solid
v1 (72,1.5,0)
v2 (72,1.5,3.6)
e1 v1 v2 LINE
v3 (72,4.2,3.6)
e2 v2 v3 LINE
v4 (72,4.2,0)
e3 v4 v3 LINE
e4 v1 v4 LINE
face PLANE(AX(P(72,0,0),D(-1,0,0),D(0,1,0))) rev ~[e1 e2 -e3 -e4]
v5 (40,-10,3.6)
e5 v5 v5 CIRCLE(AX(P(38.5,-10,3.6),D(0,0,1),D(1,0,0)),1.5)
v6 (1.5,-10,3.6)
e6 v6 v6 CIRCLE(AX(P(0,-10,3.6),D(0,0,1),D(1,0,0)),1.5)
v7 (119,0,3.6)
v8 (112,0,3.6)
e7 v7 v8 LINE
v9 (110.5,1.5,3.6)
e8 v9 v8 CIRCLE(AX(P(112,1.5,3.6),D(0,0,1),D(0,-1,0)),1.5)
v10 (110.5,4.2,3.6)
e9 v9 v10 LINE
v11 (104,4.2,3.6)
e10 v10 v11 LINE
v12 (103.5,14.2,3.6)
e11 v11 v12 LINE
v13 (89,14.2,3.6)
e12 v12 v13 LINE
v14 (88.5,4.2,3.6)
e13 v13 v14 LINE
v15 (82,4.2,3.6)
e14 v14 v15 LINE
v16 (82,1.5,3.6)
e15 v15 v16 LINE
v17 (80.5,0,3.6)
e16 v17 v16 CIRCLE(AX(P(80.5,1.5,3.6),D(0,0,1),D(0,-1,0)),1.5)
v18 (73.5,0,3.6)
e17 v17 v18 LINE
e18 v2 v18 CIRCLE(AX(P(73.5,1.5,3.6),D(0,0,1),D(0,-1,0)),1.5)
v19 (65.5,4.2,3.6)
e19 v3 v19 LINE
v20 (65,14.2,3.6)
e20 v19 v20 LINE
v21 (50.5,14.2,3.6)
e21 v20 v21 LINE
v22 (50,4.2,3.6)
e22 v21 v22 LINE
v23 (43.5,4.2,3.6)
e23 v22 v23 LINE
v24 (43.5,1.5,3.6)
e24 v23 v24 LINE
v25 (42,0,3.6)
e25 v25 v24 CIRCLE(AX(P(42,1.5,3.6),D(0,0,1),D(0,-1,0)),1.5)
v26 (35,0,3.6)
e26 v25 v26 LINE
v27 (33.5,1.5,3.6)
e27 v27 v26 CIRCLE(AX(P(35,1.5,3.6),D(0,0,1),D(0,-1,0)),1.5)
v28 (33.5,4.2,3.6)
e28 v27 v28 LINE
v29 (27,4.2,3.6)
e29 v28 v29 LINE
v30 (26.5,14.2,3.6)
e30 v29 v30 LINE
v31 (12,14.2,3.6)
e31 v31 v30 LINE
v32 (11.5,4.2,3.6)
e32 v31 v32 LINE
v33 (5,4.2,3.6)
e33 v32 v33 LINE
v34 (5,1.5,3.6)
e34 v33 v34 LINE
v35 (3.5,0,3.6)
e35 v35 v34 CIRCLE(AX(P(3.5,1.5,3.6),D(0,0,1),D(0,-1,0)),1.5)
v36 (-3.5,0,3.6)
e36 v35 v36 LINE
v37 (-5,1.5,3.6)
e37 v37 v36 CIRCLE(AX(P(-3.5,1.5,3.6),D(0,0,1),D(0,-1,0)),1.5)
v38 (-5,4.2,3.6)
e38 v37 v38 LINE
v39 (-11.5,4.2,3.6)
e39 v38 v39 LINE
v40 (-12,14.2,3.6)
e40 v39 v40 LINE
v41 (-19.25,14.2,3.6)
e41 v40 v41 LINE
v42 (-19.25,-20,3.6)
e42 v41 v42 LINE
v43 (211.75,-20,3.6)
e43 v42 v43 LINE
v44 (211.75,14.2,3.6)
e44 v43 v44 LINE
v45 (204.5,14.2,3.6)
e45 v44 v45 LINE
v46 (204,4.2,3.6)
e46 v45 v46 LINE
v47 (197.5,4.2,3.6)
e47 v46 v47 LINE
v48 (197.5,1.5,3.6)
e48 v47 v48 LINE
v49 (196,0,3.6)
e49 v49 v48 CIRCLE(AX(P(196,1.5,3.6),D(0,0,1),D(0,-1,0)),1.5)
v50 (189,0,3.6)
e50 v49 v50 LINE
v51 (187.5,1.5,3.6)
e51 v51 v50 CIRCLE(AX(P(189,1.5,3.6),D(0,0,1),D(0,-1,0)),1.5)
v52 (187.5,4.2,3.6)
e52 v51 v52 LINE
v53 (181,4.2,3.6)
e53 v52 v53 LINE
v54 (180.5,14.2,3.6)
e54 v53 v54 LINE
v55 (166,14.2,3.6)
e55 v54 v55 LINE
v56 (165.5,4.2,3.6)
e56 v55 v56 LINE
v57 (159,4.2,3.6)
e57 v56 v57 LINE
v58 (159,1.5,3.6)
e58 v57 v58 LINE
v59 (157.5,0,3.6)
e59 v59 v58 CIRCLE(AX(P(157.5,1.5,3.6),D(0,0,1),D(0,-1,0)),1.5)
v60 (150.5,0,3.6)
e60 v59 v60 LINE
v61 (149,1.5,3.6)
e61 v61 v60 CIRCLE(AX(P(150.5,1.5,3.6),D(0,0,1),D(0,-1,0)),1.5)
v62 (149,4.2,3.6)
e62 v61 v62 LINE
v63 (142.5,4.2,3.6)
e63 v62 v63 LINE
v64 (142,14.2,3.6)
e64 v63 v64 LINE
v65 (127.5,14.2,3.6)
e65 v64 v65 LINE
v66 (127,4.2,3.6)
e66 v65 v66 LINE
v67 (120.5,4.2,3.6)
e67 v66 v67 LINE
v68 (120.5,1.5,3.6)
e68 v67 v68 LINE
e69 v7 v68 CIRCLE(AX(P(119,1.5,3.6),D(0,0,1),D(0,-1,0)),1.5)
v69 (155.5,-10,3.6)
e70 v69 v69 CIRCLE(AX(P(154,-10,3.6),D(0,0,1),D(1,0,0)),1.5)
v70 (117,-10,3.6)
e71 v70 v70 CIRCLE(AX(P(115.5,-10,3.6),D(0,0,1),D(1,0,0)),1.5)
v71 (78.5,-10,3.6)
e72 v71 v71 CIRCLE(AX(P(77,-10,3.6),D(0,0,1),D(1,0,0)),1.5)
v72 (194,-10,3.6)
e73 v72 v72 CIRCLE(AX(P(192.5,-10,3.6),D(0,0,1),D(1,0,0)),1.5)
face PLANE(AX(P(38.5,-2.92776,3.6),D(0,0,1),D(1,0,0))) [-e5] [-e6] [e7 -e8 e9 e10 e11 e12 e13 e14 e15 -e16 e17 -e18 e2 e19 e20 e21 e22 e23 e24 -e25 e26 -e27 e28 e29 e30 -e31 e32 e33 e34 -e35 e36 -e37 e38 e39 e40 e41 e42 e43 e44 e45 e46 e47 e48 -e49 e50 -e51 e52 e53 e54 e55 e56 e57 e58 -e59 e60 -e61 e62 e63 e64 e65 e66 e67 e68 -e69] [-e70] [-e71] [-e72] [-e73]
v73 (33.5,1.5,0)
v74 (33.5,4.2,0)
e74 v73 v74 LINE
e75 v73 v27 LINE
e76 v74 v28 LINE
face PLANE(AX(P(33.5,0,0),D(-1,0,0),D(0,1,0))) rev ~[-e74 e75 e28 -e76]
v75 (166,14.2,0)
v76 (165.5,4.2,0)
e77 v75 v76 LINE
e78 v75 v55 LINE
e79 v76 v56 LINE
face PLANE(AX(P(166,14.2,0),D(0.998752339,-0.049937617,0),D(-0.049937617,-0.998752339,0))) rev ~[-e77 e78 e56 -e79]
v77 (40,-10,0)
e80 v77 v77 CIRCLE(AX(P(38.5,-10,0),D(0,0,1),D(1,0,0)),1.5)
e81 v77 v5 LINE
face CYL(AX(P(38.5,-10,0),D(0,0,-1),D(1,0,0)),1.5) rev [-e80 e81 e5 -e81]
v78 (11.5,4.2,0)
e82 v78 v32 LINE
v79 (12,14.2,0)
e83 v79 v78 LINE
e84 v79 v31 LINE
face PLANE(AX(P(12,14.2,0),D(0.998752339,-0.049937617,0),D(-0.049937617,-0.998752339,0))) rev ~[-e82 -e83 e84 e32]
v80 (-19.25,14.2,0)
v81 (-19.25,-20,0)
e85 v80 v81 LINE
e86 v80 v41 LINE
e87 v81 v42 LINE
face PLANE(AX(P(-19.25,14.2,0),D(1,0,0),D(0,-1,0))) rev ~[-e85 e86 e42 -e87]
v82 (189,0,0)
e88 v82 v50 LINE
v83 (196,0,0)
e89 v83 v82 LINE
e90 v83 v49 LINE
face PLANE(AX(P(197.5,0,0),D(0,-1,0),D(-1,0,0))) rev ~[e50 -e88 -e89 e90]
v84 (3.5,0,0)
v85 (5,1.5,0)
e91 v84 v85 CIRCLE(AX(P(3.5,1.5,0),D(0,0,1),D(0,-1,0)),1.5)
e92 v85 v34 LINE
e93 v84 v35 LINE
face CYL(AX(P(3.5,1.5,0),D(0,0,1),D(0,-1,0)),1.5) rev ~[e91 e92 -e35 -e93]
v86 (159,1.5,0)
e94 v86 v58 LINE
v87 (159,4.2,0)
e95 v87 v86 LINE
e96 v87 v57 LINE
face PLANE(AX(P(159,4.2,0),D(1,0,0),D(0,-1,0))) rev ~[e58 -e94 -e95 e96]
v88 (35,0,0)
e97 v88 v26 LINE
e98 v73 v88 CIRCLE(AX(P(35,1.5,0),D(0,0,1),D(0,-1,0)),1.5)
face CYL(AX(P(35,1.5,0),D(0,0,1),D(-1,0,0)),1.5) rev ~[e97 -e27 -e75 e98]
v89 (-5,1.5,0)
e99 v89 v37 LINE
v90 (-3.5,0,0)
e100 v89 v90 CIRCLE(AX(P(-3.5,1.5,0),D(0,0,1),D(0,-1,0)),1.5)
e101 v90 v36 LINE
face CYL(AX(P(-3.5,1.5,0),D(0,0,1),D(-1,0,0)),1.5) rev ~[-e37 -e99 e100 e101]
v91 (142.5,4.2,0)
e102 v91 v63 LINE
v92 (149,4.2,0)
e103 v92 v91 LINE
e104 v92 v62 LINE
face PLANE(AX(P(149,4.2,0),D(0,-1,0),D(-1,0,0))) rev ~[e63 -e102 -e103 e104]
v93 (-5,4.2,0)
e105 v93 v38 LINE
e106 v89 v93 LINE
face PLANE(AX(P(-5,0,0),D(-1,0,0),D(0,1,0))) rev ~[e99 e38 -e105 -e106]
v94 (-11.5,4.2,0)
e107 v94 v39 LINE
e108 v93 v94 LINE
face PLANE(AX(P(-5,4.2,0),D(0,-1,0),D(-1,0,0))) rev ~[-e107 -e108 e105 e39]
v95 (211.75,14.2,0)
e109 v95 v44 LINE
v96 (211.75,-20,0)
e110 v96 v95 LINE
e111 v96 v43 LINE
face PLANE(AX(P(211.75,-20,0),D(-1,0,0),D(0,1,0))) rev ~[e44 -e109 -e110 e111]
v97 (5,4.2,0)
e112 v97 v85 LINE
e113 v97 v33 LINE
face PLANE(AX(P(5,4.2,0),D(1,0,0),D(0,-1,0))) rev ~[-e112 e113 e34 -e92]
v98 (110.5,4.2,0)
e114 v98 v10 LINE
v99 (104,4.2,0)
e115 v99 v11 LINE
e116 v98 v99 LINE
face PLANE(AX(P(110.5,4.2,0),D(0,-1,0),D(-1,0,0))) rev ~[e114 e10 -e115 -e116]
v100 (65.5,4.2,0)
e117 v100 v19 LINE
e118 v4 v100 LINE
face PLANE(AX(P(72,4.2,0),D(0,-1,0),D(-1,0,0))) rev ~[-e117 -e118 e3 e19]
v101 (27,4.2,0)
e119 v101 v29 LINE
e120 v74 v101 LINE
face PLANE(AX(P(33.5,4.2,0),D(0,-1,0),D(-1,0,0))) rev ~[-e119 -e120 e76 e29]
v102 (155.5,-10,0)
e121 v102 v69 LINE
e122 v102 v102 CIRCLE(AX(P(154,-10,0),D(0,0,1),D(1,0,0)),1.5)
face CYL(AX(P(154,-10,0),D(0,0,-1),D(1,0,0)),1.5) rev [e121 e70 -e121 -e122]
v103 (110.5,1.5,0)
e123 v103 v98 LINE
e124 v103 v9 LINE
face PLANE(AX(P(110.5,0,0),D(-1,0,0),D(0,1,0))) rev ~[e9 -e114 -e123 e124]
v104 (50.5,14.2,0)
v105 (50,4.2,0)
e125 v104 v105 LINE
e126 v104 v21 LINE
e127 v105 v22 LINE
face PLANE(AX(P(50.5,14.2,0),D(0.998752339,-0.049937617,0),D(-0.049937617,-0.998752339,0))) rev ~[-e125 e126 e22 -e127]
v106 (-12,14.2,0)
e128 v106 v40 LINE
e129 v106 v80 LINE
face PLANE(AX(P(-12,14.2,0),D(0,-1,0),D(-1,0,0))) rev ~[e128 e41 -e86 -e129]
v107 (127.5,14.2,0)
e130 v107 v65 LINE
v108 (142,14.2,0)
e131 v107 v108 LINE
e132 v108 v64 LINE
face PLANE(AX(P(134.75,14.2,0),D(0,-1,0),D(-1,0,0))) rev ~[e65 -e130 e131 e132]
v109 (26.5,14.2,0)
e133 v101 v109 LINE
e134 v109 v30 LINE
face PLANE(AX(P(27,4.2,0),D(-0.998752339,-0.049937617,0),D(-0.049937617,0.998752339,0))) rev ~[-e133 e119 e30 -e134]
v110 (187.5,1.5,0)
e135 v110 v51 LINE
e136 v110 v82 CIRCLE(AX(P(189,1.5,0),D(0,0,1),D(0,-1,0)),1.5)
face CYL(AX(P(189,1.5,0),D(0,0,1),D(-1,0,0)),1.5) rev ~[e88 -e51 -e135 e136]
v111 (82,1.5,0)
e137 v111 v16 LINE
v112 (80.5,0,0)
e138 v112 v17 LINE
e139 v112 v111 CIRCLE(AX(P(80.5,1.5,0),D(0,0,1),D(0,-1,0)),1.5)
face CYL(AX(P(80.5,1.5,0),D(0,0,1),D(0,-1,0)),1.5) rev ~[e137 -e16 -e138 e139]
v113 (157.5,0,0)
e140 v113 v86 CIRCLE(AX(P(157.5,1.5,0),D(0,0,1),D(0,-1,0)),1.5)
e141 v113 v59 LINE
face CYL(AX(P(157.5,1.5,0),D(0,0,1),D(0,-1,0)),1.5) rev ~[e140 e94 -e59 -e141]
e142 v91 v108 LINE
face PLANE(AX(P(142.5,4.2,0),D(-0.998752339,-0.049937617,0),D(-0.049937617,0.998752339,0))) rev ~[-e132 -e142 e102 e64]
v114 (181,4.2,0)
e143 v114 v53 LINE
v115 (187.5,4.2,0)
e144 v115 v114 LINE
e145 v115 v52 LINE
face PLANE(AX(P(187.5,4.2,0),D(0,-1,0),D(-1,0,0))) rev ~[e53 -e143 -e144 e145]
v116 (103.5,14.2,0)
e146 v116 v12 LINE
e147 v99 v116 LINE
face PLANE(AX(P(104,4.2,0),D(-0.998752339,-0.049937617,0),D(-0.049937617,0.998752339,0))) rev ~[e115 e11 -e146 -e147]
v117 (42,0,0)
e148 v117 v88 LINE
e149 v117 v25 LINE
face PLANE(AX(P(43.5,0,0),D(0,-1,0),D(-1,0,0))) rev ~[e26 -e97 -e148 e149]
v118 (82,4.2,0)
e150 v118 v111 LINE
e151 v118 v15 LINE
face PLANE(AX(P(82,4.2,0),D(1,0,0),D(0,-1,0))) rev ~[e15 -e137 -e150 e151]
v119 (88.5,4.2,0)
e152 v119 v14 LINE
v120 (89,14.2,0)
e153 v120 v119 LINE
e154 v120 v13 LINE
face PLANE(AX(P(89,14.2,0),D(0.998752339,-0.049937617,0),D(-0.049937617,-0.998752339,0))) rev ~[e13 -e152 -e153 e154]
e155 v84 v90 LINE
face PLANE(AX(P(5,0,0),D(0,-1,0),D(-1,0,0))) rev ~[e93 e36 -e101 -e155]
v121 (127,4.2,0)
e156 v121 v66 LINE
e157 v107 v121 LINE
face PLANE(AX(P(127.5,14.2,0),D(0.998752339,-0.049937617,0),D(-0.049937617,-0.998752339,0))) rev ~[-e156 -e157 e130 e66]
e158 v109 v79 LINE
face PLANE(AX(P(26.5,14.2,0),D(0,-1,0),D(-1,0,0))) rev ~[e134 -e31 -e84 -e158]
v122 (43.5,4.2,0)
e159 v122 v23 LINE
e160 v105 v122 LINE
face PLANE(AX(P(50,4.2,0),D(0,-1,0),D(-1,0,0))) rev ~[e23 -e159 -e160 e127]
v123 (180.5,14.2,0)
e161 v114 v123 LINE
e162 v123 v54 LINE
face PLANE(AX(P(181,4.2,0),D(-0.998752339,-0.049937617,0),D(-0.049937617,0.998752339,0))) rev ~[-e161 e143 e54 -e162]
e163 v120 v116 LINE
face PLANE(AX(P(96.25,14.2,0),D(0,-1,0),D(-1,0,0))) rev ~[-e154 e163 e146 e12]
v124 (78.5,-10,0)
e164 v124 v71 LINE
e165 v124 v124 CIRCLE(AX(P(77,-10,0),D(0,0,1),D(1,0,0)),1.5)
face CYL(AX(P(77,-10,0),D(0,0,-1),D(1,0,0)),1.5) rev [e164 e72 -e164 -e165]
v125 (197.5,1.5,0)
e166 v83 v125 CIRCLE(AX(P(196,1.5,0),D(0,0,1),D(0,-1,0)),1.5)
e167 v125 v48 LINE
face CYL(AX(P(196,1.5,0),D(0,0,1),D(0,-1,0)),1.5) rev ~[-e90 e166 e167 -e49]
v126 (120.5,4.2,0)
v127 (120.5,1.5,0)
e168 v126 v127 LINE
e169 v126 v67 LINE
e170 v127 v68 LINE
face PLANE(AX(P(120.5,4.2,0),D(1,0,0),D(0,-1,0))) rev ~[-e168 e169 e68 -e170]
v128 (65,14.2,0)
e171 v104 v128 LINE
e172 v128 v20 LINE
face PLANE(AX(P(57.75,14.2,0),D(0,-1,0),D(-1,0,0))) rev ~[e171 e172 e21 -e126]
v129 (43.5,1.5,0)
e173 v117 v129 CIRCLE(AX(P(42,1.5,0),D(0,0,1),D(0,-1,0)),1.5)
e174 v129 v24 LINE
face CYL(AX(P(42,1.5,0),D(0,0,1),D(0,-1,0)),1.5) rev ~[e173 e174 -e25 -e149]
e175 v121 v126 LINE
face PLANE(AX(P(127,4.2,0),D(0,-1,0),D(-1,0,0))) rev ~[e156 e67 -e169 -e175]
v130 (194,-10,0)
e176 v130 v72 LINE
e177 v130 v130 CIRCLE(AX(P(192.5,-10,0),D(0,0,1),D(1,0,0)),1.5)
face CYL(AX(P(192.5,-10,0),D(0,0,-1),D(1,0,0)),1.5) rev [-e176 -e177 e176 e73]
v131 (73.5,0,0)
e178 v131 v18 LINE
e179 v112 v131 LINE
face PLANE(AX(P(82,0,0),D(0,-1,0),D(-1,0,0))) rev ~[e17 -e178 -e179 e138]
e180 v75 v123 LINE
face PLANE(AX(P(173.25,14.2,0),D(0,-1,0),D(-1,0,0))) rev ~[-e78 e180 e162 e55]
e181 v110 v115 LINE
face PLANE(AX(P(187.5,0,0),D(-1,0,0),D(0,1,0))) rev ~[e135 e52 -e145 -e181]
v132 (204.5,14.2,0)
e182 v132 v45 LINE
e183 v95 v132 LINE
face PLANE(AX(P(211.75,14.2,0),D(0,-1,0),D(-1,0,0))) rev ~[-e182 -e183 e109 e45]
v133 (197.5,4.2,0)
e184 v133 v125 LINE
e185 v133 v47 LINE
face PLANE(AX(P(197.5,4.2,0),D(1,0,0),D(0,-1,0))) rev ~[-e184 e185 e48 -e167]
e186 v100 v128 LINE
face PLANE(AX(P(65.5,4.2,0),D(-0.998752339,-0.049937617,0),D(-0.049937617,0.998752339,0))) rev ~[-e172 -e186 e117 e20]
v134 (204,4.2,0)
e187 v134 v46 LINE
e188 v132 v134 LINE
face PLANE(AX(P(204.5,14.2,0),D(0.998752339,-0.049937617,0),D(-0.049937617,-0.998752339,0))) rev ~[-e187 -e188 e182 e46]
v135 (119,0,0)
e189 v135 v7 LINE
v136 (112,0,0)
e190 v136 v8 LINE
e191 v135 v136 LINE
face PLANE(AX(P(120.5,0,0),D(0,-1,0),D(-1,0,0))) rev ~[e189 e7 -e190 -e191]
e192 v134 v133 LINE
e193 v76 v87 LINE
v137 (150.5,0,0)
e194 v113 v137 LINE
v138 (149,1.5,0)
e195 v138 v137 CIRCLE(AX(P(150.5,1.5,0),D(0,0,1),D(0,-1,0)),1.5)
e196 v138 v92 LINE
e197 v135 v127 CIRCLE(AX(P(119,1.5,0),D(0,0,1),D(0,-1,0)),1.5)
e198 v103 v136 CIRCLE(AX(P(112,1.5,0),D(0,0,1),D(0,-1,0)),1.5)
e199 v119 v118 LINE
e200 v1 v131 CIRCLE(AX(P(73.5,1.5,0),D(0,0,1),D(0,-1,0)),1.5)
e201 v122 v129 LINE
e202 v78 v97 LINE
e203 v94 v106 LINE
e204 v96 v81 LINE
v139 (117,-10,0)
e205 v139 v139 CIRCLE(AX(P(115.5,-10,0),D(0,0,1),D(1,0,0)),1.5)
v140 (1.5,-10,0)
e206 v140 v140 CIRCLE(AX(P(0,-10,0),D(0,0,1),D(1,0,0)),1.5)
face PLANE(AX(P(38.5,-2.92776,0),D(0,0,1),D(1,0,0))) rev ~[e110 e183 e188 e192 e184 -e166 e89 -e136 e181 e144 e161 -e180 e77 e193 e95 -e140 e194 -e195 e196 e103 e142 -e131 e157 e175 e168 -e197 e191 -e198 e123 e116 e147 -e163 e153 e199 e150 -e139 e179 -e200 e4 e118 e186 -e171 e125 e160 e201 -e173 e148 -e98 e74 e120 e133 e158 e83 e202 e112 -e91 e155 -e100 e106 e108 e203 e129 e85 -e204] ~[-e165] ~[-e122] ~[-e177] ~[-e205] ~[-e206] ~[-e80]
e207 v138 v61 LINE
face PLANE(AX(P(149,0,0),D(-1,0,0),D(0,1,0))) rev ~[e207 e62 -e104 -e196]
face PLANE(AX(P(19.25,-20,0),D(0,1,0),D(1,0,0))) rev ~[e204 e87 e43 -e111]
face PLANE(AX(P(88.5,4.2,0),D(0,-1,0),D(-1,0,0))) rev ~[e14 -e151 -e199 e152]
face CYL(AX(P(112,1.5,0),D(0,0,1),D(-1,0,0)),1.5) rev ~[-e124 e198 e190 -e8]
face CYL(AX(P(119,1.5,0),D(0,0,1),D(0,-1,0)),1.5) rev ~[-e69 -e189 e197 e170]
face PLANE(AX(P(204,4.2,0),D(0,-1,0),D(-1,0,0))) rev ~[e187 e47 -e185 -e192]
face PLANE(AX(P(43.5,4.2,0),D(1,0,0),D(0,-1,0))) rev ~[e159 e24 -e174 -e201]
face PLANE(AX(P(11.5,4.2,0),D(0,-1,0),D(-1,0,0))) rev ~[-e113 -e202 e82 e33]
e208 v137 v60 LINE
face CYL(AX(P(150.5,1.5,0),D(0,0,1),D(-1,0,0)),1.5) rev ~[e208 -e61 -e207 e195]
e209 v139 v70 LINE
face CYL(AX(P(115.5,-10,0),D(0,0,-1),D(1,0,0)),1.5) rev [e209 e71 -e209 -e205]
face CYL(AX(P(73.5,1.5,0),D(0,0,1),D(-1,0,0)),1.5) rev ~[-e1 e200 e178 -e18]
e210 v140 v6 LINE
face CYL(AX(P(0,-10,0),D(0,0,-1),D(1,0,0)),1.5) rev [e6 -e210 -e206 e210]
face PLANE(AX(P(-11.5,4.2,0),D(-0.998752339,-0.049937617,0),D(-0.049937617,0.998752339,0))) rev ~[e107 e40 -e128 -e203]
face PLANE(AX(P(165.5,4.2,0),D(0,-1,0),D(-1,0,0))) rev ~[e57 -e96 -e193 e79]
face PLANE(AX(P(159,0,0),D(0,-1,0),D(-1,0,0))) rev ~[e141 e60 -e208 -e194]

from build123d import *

# Parameters (mm, degrees)
SKETCH1_R              = 1.5
BOSS_EXTRUDE1_DEPTH    = 3.6
FILLET1_R              = 1.5
LPATTERN2_COUNT        = 6
LPATTERN2_PITCH        = 38.5
FILLET1_OF_LPATTERN2_R = 1.5


with BuildPart() as part:
    # Sketch1 → Boss-Extrude1 (new body)
    with BuildSketch(Plane.XY):
        Polygon((-19.25, 14.2), (-19.25, 0), (-19.25, -20), (19.25, -20), (19.25, 0), (19.25, 14.2), (12, 14.2), (11.5, 4.2), (5, 4.2), (5, 0), (-5, 0), (-5, 4.2), (-11.5, 4.2), (-12, 14.2), align=None)
        with Locations((0, -10)):
            Circle(SKETCH1_R, mode=Mode.SUBTRACT)
    boss_extrude1 = extrude(amount=BOSS_EXTRUDE1_DEPTH)

    # Fillet1
    fillet1_edges = [part.edges().sort_by_distance(p)[0] for p in [
        (-5, 0, 1.8),
        (5, 0, 1.8),
    ]]
    fillet(fillet1_edges, radius=FILLET1_R)

    # LPattern2: Boss-Extrude1 ×6
    with Locations(*[(i * LPATTERN2_PITCH, 0, 0) for i in range(1, LPATTERN2_COUNT)]):
        add(boss_extrude1)

    # Fillet1 of LPattern2
    fillet1_of_lpattern2_edges = [part.edges().sort_by_distance(p)[0] for p in [
        (33.5, 0, 1.8),
        (43.5, 0, 1.8),
        (72, 0, 1.8),
        (82, 0, 1.8),
        (110.5, 0, 1.8),
        (120.5, 0, 1.8),
        (149, 0, 1.8),
        (159, 0, 1.8),
        (187.5, 0, 1.8),
        (197.5, 0, 1.8),
    ]]
    fillet(fillet1_of_lpattern2_edges, radius=FILLET1_OF_LPATTERN2_R)


solid = part.part
